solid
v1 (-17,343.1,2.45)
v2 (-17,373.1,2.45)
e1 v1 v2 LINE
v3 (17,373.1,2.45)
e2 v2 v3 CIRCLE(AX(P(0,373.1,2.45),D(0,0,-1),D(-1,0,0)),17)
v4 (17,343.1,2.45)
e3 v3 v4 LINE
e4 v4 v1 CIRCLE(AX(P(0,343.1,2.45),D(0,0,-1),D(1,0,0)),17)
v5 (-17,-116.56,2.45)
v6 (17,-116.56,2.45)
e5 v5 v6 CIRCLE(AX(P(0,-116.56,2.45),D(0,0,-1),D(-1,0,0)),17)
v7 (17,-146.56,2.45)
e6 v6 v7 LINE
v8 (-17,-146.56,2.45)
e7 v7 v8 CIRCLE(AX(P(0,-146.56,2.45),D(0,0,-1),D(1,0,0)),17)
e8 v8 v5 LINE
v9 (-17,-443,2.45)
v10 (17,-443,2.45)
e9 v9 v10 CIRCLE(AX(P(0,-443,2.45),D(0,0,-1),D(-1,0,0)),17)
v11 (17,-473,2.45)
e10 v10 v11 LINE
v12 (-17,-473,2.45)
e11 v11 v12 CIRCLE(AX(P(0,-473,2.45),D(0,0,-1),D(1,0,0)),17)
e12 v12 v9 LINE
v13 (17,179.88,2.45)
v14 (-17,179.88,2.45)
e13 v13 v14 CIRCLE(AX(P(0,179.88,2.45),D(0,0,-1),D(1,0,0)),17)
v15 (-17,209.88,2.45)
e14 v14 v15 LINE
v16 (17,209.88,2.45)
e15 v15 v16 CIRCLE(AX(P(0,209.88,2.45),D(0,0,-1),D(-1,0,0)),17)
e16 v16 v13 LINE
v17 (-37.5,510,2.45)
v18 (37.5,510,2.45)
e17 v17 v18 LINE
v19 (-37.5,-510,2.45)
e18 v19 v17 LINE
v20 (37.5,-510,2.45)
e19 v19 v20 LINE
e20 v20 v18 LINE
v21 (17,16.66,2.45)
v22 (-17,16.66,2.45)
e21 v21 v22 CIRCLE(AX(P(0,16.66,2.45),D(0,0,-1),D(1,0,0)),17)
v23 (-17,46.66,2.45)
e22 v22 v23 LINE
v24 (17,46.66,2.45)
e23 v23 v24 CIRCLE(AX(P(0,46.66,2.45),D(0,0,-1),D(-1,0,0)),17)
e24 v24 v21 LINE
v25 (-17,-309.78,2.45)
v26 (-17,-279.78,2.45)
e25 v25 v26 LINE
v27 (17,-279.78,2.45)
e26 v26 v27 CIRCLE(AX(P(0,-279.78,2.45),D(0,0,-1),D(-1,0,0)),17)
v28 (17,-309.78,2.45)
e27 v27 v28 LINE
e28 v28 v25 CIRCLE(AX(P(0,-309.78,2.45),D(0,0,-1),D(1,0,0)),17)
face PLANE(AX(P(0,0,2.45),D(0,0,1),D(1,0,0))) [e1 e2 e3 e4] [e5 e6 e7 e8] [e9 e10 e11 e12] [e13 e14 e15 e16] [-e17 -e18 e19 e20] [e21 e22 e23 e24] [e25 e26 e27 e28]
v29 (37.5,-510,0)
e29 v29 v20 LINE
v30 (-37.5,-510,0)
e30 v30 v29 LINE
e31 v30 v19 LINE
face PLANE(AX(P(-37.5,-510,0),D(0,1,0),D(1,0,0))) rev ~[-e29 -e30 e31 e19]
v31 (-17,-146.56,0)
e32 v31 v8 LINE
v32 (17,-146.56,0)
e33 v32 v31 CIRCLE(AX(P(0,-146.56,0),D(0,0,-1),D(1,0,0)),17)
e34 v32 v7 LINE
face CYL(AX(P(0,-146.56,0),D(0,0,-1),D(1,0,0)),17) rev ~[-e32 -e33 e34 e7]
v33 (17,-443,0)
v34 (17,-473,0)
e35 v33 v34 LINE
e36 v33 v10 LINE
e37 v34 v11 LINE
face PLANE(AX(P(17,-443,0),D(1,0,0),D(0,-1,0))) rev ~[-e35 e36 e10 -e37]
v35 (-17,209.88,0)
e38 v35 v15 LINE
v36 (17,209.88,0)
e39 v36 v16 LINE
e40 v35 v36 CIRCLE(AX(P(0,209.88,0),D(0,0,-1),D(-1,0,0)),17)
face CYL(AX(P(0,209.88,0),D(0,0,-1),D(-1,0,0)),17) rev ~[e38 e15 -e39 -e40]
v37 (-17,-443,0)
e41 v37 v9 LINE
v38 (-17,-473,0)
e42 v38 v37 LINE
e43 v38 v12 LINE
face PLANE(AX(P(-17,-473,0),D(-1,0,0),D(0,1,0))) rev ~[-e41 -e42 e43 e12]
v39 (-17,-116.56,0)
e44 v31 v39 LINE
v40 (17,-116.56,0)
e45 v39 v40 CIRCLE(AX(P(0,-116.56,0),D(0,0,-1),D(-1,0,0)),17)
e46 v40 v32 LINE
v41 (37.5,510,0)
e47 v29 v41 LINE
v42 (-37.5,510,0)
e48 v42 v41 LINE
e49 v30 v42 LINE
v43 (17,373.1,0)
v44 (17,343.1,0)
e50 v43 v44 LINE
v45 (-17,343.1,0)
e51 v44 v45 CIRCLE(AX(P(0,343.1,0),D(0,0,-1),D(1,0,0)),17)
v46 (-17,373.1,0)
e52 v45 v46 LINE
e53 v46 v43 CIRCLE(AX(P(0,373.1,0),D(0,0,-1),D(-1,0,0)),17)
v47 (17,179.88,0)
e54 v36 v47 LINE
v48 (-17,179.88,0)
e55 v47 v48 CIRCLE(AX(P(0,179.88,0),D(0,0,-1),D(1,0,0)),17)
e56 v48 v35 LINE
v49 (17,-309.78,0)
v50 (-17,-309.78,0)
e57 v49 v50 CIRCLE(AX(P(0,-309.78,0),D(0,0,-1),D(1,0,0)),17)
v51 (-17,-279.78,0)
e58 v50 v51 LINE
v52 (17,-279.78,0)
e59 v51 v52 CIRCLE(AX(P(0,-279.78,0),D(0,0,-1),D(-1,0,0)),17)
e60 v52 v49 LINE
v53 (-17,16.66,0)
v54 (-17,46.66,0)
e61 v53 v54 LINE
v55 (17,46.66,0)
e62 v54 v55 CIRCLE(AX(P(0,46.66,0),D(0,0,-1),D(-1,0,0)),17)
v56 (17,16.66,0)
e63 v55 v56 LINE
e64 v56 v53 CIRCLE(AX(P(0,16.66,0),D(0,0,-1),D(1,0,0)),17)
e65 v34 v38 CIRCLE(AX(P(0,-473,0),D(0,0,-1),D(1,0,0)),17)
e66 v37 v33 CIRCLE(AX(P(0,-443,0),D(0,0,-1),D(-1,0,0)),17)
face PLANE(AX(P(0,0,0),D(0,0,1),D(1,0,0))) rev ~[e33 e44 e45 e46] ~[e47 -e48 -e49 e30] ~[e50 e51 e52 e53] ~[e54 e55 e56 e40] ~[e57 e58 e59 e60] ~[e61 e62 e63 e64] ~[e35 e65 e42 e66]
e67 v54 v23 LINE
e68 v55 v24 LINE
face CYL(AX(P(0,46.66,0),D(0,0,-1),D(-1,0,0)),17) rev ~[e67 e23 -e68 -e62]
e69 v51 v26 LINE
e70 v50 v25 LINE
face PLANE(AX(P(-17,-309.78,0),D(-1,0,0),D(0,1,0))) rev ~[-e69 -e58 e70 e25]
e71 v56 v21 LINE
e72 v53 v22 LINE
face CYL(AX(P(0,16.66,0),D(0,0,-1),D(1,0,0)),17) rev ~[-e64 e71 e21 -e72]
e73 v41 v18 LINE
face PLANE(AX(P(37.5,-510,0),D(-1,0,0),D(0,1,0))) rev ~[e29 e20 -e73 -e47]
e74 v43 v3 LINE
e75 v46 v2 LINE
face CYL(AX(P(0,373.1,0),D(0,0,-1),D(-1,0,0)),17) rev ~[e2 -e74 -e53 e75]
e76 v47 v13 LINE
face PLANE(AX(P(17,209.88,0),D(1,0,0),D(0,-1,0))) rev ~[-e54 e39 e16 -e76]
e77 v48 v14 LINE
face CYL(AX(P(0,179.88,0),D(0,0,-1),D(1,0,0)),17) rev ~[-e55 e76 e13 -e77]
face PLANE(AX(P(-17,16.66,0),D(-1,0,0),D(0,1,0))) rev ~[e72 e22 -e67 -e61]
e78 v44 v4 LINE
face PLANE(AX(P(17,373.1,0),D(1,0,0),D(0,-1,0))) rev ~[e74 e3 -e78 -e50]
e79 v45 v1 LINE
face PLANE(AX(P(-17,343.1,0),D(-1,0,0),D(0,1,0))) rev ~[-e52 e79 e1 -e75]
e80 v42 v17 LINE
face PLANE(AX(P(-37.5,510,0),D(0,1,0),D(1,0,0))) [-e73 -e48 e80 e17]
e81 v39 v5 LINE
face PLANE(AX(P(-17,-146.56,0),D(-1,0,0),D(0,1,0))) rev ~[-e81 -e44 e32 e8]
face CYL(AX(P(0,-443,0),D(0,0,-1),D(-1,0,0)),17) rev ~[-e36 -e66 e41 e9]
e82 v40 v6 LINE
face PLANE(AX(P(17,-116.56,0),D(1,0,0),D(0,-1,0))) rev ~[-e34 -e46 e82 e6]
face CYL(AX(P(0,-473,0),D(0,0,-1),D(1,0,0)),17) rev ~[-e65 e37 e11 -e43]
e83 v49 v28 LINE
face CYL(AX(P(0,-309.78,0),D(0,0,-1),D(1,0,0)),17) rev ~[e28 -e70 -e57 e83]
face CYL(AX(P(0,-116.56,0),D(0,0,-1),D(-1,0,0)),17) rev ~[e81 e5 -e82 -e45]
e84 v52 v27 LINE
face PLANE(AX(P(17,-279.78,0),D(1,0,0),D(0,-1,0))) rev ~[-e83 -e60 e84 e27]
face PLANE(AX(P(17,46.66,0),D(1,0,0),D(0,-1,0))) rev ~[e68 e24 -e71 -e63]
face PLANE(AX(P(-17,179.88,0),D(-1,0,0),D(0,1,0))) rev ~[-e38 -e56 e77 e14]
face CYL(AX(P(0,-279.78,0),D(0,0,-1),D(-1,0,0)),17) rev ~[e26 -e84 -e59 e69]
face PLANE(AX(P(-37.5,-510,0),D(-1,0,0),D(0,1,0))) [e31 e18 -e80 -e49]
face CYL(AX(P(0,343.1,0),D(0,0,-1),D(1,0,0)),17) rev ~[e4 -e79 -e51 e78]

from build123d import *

# Parameters (mm, degrees)
F0_W     = 75
F0_H     = 1020
F1_DEPTH = 2.45


with BuildPart() as f1:
    # F0 (on Top) → F1 (new body)
    with BuildSketch(Plane.XY):
        Rectangle(F0_W, F0_H)
        with BuildLine():
            ThreePointArc((17, -473), (0, -490), (-17, -473))
            Line((-17, -473), (-17, -443))
            ThreePointArc((-17, -443), (0, -426), (17, -443))
            Line((17, -443), (17, -473))
        make_face(mode=Mode.SUBTRACT)
        with BuildLine():
            ThreePointArc((17, -309.78), (0, -326.78), (-17, -309.78))
            Line((-17, -309.78), (-17, -279.78))
            ThreePointArc((-17, -279.78), (0, -262.78), (17, -279.78))
            Line((17, -279.78), (17, -309.78))
        make_face(mode=Mode.SUBTRACT)
        with BuildLine():
            ThreePointArc((17, -146.56), (0, -163.56), (-17, -146.56))
            Line((-17, -146.56), (-17, -116.56))
            ThreePointArc((-17, -116.56), (0, -99.56), (17, -116.56))
            Line((17, -116.56), (17, -146.56))
        make_face(mode=Mode.SUBTRACT)
        with BuildLine():
            ThreePointArc((17, 16.66), (0, -0.34), (-17, 16.66))
            Line((-17, 16.66), (-17, 46.66))
            ThreePointArc((-17, 46.66), (0, 63.66), (17, 46.66))
            Line((17, 46.66), (17, 16.66))
        make_face(mode=Mode.SUBTRACT)
        with BuildLine():
            ThreePointArc((17, 179.88), (0, 162.88), (-17, 179.88))
            Line((-17, 179.88), (-17, 209.88))
            ThreePointArc((-17, 209.88), (0, 226.88), (17, 209.88))
            Line((17, 209.88), (17, 179.88))
        make_face(mode=Mode.SUBTRACT)
        with BuildLine():
            ThreePointArc((17, 343.1), (0, 326.1), (-17, 343.1))
            Line((-17, 343.1), (-17, 373.1))
            ThreePointArc((-17, 373.1), (0, 390.1), (17, 373.1))
            Line((17, 373.1), (17, 343.1))
        make_face(mode=Mode.SUBTRACT)
    extrude(amount=F1_DEPTH)


solid = f1.part
